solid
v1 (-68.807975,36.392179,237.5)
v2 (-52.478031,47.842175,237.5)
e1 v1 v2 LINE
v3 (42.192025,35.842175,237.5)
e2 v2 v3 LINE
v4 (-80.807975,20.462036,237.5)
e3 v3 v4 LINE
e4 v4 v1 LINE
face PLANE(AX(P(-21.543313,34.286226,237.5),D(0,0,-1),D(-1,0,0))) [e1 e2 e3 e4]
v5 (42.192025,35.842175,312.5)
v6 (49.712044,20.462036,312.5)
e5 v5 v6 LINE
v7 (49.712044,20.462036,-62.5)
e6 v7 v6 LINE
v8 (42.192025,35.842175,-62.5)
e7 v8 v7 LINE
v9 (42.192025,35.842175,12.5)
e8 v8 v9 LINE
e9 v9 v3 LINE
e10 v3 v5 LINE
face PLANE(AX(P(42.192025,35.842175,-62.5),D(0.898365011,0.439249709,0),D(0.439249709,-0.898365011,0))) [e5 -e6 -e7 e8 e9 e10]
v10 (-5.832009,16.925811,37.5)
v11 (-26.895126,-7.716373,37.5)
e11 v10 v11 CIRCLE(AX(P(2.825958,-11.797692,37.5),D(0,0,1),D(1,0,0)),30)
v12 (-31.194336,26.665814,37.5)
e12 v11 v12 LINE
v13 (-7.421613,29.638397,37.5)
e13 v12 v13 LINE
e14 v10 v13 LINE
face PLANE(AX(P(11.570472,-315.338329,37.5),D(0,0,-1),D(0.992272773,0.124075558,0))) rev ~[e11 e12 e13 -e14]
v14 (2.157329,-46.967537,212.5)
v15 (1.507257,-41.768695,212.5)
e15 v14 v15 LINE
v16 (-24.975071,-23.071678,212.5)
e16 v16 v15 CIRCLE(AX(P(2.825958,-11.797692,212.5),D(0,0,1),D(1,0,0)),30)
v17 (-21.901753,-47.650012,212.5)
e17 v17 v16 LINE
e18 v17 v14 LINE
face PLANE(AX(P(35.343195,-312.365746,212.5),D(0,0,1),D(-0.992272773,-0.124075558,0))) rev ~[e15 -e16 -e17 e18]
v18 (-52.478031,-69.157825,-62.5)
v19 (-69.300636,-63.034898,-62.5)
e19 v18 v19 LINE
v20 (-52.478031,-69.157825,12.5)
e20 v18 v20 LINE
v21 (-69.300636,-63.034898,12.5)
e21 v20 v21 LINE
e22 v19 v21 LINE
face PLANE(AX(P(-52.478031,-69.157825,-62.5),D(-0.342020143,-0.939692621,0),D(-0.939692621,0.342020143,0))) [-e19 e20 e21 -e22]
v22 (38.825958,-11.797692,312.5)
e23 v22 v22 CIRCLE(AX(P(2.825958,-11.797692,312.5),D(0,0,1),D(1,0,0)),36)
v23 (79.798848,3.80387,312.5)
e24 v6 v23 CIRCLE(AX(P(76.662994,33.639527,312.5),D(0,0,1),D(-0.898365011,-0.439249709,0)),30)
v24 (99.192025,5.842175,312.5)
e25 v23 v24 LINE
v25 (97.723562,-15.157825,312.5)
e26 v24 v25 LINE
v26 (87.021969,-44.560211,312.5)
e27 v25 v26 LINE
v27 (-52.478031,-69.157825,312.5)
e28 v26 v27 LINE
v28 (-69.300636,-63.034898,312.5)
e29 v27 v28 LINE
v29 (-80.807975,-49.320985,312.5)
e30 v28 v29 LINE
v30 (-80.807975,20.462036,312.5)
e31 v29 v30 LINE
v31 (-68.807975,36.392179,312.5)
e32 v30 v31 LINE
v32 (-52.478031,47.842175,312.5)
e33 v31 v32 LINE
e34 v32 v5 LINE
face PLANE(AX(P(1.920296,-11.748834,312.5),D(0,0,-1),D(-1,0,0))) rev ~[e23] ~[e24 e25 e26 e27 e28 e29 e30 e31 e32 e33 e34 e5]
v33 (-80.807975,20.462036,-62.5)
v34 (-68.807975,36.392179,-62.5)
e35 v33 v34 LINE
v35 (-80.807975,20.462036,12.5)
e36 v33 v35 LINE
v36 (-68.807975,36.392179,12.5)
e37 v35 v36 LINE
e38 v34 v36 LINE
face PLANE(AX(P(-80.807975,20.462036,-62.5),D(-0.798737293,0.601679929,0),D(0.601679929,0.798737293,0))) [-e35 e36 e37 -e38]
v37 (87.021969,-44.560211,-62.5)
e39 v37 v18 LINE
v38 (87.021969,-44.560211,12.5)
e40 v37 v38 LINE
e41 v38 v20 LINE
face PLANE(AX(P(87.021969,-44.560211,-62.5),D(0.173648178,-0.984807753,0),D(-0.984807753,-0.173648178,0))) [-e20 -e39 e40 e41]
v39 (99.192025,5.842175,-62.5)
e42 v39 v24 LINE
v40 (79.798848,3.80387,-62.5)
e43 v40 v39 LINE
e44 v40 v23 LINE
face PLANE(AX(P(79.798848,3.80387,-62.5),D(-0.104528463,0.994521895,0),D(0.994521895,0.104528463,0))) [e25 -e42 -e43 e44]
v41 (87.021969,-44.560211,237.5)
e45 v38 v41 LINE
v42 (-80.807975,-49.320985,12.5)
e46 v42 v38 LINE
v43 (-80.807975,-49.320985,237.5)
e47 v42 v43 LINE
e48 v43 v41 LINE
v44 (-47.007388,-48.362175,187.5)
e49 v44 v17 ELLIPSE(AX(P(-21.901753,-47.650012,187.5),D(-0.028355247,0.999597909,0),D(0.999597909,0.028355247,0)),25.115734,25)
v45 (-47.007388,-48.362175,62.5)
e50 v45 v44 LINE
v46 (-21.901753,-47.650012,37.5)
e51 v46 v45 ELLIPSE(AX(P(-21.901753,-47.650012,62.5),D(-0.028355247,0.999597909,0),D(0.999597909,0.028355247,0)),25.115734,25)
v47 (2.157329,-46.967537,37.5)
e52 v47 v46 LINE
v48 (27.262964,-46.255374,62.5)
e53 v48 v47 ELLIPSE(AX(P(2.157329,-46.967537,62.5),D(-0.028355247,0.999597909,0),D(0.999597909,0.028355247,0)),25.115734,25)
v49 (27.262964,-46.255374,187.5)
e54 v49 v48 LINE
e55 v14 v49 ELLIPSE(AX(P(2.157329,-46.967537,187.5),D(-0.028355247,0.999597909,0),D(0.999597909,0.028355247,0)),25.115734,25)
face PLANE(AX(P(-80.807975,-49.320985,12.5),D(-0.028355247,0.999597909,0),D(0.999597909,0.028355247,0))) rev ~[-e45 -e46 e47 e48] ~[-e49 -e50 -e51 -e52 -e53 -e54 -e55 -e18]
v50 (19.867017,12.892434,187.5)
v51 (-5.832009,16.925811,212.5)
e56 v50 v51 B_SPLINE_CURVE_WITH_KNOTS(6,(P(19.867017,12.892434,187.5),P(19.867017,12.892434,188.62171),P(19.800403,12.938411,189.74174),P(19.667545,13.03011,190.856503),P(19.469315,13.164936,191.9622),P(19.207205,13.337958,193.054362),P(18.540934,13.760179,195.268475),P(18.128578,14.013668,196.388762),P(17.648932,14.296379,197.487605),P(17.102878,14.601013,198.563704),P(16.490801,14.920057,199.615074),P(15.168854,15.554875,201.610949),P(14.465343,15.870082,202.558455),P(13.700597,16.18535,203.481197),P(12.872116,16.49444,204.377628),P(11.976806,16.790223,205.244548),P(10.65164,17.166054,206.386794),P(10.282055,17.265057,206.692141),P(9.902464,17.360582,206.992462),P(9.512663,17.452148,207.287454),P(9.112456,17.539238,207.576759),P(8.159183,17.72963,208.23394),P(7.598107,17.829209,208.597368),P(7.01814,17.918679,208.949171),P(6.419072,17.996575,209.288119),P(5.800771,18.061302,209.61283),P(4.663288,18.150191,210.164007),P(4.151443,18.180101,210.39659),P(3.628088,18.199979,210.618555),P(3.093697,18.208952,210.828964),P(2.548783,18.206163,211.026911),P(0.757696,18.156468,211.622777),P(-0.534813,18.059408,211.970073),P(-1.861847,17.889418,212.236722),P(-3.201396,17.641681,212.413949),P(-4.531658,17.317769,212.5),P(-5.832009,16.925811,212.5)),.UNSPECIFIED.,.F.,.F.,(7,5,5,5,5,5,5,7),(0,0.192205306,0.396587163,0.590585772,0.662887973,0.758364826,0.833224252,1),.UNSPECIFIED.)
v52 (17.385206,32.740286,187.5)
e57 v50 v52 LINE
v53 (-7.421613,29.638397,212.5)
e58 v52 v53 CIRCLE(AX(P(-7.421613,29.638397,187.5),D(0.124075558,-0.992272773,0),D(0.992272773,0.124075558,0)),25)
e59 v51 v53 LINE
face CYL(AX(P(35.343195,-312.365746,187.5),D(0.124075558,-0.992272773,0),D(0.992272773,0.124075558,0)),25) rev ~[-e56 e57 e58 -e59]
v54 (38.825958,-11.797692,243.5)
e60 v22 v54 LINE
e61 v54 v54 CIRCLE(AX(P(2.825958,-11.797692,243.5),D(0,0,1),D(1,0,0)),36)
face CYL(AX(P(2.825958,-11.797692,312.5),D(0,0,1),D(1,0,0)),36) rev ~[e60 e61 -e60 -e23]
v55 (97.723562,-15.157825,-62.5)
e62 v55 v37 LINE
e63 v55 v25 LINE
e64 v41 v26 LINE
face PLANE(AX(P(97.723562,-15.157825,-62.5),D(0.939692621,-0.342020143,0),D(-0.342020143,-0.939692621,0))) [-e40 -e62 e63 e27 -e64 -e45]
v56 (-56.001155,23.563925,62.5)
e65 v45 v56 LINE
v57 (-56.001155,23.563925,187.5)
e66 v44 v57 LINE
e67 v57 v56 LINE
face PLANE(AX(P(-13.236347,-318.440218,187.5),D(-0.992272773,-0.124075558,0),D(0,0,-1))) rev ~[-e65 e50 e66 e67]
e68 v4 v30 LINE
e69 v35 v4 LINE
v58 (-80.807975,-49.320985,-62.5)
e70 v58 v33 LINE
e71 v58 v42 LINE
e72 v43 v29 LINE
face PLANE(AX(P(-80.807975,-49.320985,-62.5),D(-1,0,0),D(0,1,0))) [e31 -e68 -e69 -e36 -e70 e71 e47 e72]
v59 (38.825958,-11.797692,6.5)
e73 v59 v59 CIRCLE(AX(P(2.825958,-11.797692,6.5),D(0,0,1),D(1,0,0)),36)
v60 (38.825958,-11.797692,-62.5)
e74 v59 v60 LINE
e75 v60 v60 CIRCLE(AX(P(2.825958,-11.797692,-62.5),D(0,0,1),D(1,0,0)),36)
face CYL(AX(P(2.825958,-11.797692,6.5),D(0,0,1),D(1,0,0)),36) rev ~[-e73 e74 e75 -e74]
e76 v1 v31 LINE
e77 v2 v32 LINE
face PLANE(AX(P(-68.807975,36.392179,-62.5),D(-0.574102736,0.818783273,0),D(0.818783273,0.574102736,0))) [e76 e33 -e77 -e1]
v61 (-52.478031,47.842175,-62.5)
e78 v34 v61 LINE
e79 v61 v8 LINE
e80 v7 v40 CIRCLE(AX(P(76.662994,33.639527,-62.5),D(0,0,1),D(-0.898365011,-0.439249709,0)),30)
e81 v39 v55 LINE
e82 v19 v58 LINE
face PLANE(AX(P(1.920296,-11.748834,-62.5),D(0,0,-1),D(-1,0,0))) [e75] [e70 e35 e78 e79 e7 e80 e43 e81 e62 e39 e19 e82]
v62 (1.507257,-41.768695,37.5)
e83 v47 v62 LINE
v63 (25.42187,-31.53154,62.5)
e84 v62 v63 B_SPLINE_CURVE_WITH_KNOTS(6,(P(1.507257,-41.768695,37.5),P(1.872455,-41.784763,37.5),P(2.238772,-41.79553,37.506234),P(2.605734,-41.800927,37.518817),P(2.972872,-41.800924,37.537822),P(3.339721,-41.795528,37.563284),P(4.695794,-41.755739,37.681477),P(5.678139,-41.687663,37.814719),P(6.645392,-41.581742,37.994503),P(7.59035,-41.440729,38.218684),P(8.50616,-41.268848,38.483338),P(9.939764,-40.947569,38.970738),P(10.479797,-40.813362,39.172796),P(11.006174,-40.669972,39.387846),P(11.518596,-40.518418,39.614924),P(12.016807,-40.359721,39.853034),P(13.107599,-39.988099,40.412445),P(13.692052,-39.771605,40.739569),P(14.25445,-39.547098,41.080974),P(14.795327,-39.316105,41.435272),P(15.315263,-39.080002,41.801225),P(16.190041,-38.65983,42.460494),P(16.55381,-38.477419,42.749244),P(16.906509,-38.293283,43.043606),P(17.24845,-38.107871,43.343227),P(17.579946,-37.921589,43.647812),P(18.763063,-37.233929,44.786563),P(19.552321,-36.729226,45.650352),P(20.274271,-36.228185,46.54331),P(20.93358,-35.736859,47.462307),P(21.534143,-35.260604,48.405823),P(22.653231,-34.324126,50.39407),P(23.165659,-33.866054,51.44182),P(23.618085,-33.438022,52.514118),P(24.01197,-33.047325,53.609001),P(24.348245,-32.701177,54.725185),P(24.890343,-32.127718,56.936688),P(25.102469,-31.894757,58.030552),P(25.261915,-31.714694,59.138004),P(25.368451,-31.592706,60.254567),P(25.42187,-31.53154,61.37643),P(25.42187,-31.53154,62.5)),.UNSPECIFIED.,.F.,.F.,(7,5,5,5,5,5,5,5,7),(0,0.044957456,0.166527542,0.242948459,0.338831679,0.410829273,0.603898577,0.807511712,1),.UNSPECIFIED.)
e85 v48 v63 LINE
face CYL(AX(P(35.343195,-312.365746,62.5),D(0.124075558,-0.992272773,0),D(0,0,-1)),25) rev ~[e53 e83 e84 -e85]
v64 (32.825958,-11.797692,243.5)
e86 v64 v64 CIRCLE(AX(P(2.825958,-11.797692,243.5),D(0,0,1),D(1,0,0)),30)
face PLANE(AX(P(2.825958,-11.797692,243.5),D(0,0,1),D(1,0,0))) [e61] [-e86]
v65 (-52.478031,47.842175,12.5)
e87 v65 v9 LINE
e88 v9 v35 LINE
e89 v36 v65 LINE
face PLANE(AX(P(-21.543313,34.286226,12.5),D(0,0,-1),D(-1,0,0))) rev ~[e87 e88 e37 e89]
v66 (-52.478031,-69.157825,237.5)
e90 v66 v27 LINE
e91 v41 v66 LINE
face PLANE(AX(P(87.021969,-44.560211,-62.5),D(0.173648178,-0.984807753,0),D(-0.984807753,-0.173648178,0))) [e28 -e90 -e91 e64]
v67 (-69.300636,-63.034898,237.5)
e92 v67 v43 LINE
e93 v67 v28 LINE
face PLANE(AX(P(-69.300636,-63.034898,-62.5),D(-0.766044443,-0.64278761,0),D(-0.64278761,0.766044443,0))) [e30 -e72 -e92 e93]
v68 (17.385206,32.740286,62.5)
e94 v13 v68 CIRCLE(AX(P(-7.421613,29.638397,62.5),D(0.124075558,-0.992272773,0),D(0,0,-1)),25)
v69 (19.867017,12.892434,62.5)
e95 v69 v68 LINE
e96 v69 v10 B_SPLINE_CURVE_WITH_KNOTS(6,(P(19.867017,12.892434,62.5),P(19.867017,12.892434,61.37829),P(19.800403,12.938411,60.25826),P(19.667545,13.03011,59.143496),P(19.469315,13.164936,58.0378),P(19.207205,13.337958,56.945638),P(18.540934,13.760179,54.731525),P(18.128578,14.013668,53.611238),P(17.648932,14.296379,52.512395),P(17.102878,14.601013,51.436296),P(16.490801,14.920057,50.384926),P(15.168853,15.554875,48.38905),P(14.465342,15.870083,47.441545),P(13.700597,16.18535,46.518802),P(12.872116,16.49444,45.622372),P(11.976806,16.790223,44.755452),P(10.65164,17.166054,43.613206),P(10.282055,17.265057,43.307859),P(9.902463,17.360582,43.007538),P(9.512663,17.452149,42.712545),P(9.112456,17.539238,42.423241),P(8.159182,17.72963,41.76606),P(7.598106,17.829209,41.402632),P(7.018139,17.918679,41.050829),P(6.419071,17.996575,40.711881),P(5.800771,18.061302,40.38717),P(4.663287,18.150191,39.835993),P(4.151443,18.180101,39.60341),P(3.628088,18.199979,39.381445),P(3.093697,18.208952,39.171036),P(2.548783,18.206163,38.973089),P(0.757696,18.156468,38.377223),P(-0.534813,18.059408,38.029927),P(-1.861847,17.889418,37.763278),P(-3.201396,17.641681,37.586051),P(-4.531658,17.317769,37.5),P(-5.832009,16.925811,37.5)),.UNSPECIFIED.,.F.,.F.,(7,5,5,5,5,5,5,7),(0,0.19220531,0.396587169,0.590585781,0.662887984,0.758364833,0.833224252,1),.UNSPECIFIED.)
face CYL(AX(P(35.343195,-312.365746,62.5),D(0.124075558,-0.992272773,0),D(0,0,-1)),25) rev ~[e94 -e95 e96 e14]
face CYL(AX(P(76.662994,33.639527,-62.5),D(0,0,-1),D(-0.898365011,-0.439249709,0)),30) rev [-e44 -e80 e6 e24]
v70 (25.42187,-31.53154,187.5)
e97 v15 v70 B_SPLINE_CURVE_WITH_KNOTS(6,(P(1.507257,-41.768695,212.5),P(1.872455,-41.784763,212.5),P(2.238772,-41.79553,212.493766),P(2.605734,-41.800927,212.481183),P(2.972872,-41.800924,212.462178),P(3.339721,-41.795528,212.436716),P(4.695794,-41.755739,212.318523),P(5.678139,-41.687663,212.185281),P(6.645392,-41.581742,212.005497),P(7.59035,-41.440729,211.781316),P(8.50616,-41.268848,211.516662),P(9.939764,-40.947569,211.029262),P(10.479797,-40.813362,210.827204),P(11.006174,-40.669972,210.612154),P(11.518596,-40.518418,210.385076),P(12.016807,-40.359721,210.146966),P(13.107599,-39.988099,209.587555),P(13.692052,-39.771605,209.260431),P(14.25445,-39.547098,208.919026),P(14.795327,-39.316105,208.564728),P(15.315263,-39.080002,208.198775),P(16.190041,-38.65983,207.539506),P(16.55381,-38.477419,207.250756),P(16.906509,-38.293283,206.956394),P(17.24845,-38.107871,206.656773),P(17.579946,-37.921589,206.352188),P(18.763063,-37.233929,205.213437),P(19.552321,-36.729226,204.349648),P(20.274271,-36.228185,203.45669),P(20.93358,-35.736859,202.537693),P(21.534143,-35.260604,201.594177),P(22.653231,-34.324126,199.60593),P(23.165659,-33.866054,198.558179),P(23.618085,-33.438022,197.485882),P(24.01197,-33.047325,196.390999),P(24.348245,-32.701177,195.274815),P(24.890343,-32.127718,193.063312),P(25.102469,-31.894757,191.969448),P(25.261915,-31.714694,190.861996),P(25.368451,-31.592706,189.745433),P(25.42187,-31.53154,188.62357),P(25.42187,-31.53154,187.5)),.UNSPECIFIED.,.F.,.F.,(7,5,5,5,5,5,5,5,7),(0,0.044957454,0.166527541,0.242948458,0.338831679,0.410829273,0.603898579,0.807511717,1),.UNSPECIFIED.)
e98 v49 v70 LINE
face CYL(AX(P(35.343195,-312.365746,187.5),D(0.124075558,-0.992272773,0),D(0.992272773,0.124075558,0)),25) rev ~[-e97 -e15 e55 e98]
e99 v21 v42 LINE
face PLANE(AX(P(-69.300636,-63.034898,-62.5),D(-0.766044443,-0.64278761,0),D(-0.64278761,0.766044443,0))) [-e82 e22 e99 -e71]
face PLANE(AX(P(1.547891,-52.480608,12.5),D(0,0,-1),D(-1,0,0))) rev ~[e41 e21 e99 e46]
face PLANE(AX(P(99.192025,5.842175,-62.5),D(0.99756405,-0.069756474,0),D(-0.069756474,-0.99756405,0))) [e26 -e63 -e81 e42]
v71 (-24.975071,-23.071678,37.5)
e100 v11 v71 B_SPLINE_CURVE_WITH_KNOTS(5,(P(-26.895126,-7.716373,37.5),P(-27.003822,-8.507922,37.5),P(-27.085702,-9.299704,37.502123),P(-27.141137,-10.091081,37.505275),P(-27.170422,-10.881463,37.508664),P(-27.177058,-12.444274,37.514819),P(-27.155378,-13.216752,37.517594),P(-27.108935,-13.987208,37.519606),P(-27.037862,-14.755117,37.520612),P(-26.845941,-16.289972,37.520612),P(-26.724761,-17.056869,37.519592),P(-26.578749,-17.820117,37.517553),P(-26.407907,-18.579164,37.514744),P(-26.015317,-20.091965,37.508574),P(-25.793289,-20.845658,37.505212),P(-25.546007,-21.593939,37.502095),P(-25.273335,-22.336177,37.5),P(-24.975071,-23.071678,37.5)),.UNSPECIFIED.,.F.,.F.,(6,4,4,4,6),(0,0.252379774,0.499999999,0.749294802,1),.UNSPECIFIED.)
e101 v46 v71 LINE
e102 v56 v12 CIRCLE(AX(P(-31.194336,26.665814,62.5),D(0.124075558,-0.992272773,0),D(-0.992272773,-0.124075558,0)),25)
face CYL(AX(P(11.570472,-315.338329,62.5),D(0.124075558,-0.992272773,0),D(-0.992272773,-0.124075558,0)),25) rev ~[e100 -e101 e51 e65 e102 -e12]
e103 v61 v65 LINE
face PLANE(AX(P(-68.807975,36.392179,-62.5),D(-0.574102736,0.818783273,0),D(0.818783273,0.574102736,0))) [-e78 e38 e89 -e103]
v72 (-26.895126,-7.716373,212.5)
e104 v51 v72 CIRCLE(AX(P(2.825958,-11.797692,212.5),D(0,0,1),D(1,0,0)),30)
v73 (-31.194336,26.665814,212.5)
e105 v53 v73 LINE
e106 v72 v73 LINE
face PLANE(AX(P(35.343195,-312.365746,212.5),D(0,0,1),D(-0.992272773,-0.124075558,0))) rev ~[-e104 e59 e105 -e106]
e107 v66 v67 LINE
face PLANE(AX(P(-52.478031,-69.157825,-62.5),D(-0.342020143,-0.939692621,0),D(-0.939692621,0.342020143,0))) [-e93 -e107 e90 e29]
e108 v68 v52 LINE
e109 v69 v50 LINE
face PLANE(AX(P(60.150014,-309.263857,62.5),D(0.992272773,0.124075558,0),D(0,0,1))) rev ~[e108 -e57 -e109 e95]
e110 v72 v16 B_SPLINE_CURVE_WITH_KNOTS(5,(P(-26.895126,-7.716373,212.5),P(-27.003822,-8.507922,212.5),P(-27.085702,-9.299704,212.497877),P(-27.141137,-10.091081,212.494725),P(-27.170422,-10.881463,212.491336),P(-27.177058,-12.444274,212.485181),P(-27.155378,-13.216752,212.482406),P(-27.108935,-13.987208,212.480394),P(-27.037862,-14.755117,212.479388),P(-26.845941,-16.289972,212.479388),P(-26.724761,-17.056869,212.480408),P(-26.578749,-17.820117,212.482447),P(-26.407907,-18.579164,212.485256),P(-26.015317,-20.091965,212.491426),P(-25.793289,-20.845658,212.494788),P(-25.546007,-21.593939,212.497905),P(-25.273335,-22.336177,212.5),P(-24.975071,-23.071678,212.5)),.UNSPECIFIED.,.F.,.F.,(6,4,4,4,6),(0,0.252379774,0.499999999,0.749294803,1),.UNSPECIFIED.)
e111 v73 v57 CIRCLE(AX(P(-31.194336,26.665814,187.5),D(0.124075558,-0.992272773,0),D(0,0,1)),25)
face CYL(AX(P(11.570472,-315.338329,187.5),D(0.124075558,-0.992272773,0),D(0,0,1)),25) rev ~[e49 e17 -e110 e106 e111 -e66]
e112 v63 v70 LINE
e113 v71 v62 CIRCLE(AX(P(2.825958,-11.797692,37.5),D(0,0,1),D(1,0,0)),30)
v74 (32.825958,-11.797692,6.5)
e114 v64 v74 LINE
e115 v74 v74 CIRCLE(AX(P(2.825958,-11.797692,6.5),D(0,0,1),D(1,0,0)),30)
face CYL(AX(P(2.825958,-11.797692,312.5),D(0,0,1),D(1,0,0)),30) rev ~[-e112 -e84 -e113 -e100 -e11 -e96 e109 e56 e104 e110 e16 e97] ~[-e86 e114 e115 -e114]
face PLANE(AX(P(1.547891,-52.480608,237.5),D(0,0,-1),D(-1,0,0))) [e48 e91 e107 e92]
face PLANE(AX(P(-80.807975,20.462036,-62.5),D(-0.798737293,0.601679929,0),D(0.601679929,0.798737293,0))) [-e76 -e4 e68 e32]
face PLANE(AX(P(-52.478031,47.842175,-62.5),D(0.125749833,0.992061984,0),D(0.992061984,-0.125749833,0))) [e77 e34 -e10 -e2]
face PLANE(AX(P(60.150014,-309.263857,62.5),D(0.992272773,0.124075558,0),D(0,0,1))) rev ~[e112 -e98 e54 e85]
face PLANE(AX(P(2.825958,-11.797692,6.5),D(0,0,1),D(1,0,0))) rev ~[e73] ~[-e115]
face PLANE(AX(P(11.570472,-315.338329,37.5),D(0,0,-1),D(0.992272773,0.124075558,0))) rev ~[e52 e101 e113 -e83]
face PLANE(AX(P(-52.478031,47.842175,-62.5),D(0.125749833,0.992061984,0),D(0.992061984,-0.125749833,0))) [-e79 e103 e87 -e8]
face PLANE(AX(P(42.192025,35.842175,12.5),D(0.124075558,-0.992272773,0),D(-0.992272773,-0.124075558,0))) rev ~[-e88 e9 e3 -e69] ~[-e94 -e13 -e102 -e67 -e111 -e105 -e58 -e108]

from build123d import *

# Parameters (mm, degrees)
RESSALTO_EXTRUS_O1_DEPTH   = 250
ESCALA1_SCALE              = 1.5
CORTE_EXTRUS_O1_START      = -75
CORTE_EXTRUS_O1_DEPTH      = 225
CORTE_EXTRUS_O3_DEPTH      = 344.667466727
CORTE_EXTRUS_O3_DEPTH_BACK = 344.667466727
ESBO_O7_R                  = 36
CORTE_EXTRUS_O4_DEPTH      = 69
ESBO_O7_3_R                = 30
CORTE_EXTRUS_O5_DEPTH      = 395.013784799
CORTE_EXTRUS_O6_START      = -306
ESBO_O7_4_R                = 36
ESBO_O7_4_R_2              = 30
CORTE_EXTRUS_O6_DEPTH      = 69


with BuildPart() as part:
    # Esboço1 → Ressalto-extrusão1 (new body)
    with BuildSketch(Plane.XY):
        with BuildLine():
            Line((65, 0), (64.021024633, -14))
            Line((64.021024633, -14), (56.886629039, -33.601590794))
            Line((56.886629039, -33.601590794), (-36.113370961, -50))
            Line((-36.113370961, -50), (-47.32844057, -45.918048487))
            Line((-47.32844057, -45.918048487), (-55, -36.775439975))
            Line((-55, -36.775439975), (-55, 9.746573698))
            Line((-55, 9.746573698), (-47, 20.366669268))
            Line((-47, 20.366669268), (-36.113370961, 28))
            Line((-36.113370961, 28), (27, 20))
            Line((27, 20), (32.013345877, 9.746573698))
            ThreePointArc((32.013345877, 9.746573698), (40.293006212, 1.034435734), (52.07121536, -1.358870022))
            Line((52.07121536, -1.358870022), (65, 0))
        make_face()
    extrude(amount=RESSALTO_EXTRUS_O1_DEPTH)


with BuildPart() as part_1:
    # Escala1: scaled about (-3.384050485, -11.684350271, 125)
    add(part.part.scale(ESCALA1_SCALE).moved(Location((1.692025242, 5.842175135, -62.5))))

    # Esboço4 → Corte-extrusão1 (cut)
    with BuildSketch(Plane(origin=(0, 0, -62.5), x_dir=(-1, 0, 0), z_dir=(0, 0, -1)).offset(CORTE_EXTRUS_O1_START)):
        Polygon((69.300635612, -63.034897595), (80.807974757, -49.320984827), (-87.021968802, -44.560211056), (52.478031198, -69.157824864), align=None)
        Polygon((-42.192025243, 35.842175136), (80.807974757, 20.462035682), (68.807974757, 36.392179037), (52.478031198, 47.842175136), align=None)
    extrude(amount=-CORTE_EXTRUS_O1_DEPTH, mode=Mode.SUBTRACT)

    # Esboço6 → Corte-extrusão3 (cut, two sides: drawn at the far end of the back side and taken through both)
    with BuildSketch(Plane(origin=(-3.763238402, 30.095846977, 0), x_dir=(0.9922727729449546, 0.12407555791585548, 0), z_dir=(-0.12407555791585548, 0.9922727729449546, 0)).offset(-CORTE_EXTRUS_O3_DEPTH_BACK)):
        with BuildLine():
            Line((-27.644714695, -37.5), (-3.68686424, -37.5))
            ThreePointArc((-3.68686424, -37.5), (13.99080529, -44.82233047), (21.31313576, -62.5))
            Line((21.31313576, -62.5), (21.31313576, -187.5))
            ThreePointArc((21.31313576, -187.5), (13.99080529, -205.17766953), (-3.68686424, -212.5))
            Line((-3.68686424, -212.5), (-27.644714695, -212.5))
            ThreePointArc((-27.644714695, -212.5), (-45.322384225, -205.17766953), (-52.644714695, -187.5))
            Line((-52.644714695, -187.5), (-52.644714695, -62.5))
            ThreePointArc((-52.644714695, -62.5), (-45.322384225, -44.82233047), (-27.644714695, -37.5))
        make_face()
    extrude(amount=CORTE_EXTRUS_O3_DEPTH + CORTE_EXTRUS_O3_DEPTH_BACK, mode=Mode.SUBTRACT)

    # Esboço7 → Corte-extrusão4 (cut)
    with BuildSketch(Plane.XY.offset(312.5)):
        with Locations((2.82595792, -11.797691618)):
            Circle(ESBO_O7_R)
    extrude(amount=-CORTE_EXTRUS_O4_DEPTH, mode=Mode.SUBTRACT)

    # Esboço7<3> → Corte-extrusão5 (cut, through all)
    with BuildSketch(Plane.XY.offset(312.5)):
        with Locations((2.82595792, -11.797691618)):
            Circle(ESBO_O7_3_R)
    extrude(amount=-CORTE_EXTRUS_O5_DEPTH, mode=Mode.SUBTRACT)

    # Esboço7<4> → Corte-extrusão6 (cut)
    with BuildSketch(Plane.XY.offset(312.5).offset(CORTE_EXTRUS_O6_START)):
        with Locations((2.82595792, -11.797691618)):
            Circle(ESBO_O7_4_R)
        with Locations((2.82595792, -11.797691618)):
            Circle(ESBO_O7_4_R_2, mode=Mode.SUBTRACT)
    extrude(amount=-CORTE_EXTRUS_O6_DEPTH, mode=Mode.SUBTRACT)


solid = part_1.part
